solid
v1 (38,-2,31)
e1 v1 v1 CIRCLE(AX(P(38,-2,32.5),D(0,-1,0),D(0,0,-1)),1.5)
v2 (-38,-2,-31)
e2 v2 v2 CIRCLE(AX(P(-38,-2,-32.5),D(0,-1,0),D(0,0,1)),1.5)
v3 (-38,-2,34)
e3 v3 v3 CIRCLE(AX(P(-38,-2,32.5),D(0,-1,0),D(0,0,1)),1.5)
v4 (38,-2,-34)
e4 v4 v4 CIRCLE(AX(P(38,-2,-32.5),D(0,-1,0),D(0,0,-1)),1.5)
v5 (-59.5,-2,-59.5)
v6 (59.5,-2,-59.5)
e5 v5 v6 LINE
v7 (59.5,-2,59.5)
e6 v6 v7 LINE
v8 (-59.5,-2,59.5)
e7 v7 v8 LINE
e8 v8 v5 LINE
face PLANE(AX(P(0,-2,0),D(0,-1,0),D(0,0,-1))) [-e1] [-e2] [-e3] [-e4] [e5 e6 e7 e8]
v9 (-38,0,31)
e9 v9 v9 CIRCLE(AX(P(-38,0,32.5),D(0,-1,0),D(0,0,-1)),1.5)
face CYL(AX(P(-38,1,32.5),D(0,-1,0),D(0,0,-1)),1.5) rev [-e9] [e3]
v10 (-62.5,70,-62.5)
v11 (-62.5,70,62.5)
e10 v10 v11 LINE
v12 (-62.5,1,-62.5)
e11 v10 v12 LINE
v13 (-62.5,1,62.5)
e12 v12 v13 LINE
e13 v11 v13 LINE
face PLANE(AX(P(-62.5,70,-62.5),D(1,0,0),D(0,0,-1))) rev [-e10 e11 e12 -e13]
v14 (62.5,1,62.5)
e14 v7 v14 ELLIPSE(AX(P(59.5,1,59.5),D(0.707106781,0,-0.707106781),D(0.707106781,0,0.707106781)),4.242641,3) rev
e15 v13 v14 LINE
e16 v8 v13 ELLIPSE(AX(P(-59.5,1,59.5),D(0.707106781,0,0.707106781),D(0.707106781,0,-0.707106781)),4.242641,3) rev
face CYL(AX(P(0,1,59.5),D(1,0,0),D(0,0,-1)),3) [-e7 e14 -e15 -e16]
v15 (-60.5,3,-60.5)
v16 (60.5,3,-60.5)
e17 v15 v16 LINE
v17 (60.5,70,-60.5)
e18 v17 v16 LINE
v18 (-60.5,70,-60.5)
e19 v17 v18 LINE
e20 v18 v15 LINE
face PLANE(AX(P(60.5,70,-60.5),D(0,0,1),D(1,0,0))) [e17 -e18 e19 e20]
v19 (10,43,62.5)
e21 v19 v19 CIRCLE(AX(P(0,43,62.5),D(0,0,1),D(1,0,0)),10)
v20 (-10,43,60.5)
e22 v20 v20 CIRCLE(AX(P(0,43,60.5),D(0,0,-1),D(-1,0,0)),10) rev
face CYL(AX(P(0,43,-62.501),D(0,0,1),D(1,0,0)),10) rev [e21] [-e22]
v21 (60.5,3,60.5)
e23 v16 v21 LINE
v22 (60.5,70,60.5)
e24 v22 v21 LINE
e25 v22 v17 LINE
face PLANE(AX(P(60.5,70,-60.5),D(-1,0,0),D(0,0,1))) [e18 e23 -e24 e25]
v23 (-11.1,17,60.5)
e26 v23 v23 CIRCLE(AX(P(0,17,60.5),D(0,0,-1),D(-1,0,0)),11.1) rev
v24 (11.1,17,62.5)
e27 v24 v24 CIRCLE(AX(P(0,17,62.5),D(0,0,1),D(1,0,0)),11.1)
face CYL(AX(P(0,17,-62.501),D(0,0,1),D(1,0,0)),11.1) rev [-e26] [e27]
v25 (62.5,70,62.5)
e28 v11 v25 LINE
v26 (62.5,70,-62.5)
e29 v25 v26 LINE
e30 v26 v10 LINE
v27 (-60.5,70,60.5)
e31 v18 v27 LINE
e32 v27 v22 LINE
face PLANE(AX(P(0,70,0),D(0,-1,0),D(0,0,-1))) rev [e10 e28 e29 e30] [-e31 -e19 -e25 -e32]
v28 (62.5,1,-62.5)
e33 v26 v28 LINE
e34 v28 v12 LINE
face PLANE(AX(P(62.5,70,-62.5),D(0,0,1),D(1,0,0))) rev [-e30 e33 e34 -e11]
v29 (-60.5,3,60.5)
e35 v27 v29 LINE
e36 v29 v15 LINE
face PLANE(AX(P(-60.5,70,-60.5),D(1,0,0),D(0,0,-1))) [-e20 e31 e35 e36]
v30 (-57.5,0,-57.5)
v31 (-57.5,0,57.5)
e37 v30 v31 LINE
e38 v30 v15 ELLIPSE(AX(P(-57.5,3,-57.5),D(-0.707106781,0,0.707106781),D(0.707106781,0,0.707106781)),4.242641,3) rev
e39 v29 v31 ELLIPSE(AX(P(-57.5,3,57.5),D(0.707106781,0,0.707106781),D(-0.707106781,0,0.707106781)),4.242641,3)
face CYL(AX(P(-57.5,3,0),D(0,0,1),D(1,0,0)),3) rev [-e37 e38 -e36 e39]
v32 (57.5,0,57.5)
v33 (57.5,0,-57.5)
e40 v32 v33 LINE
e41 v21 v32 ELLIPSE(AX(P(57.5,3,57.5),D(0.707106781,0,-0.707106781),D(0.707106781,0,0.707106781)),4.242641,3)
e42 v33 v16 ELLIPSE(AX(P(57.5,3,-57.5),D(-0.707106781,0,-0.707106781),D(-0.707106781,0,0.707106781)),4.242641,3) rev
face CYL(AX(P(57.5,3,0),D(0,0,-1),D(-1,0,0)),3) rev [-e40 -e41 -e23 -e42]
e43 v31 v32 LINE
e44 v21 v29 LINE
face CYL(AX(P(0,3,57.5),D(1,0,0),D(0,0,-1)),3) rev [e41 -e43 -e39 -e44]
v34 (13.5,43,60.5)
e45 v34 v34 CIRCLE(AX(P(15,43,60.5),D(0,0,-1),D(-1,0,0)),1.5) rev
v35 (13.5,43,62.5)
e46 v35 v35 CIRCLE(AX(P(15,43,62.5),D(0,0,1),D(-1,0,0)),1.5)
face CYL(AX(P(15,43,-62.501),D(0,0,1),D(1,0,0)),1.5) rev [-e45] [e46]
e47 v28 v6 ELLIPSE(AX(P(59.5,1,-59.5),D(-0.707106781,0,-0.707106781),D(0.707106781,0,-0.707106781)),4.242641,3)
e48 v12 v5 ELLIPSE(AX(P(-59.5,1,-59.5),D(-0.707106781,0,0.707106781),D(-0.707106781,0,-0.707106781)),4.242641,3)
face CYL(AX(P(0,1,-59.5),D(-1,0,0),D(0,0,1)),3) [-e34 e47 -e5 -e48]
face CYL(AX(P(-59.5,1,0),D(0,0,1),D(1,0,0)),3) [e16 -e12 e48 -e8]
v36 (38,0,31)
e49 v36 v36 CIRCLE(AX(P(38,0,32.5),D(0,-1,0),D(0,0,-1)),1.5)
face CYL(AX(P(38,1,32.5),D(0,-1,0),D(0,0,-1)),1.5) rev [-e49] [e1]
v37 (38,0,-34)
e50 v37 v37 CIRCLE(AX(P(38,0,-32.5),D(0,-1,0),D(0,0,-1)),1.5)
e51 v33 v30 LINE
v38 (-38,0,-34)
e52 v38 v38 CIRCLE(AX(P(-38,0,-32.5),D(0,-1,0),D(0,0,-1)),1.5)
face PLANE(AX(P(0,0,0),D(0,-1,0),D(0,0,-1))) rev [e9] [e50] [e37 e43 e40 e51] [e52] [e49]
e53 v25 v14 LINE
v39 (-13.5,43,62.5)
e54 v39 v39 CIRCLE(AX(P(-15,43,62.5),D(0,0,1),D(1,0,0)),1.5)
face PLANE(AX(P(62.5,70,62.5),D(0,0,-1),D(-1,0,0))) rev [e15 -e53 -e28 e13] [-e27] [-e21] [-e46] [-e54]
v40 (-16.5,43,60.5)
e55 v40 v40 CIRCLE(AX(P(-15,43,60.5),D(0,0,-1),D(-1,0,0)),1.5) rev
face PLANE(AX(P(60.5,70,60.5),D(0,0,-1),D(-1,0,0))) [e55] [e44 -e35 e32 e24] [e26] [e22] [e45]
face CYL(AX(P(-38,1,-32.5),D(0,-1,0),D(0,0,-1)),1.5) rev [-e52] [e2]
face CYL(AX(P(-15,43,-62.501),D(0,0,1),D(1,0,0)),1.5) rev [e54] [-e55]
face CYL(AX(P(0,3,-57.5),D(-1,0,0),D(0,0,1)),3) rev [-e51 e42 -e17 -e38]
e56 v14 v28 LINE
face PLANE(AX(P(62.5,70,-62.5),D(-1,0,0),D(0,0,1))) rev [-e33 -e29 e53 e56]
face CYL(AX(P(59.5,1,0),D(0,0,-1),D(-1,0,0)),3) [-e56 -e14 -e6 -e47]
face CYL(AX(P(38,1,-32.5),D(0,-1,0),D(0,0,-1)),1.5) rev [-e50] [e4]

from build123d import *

# Parameters (mm, degrees)
SKETCH1_W           = 125
SKETCH1_H           = 125
SKETCH1_W_2         = 121
SKETCH1_H_2         = 121
BOSS_EXTRUDE1_DEPTH = 70
SKETCH2_W           = 125
SKETCH2_H           = 125
BOSS_EXTRUDE2_DEPTH = 2
SKETCH3_R           = 1.5
CUT_EXTRUDE1_DEPTH  = 3
FILLET2_R           = 3
FILLET3_R           = 3
CUT_EXTRUDE2_REACH  = 158.305
SKETCH4_R           = 11.1
SKETCH4_R_2         = 10
CUT_EXTRUDE3_REACH  = 158.305
SKETCH5_R           = 1.5


with BuildPart() as part:
    # Sketch1 → Boss-Extrude1 (new body)
    with BuildSketch(Plane(origin=(0, 0, 0), x_dir=(1, 0, 0), z_dir=(0, 1, 0))):
        Rectangle(SKETCH1_W, SKETCH1_H)
        Rectangle(SKETCH1_W_2, SKETCH1_H_2, mode=Mode.SUBTRACT)
    extrude(amount=BOSS_EXTRUDE1_DEPTH)

    # Sketch2 → Boss-Extrude2 (add)
    with BuildSketch(Plane.XZ):
        Rectangle(SKETCH2_W, SKETCH2_H)
    extrude(amount=BOSS_EXTRUDE2_DEPTH)

    # Sketch3 → Cut-Extrude1 (cut)
    with BuildSketch(Plane.XZ.offset(2)):
        with Locations(Location((38, -32.5, 0), (0, 0, 270))):
            Circle(SKETCH3_R)
        with Locations(Location((-38, -32.5, 0), (0, 0, 270))):
            Circle(SKETCH3_R)
        with Locations(Location((38, 32.5, 0), (0, 0, 270))):
            Circle(SKETCH3_R)
        with Locations(Location((-38, 32.5, 0), (0, 0, 270))):
            Circle(SKETCH3_R)
    extrude(amount=-CUT_EXTRUDE1_DEPTH, mode=Mode.SUBTRACT)

    # Fillet2
    fillet2_edges = [part.edges().sort_by_distance(p)[0] for p in [
        (-62.5, -2, 0),
        (0, -2, -62.5),
        (62.5, -2, 0),
        (0, -2, 62.5),
    ]]
    fillet(fillet2_edges, radius=FILLET2_R)

    # Fillet3
    fillet3_edges = [part.edges().sort_by_distance(p)[0] for p in [
        (-60.5, 0, 0),
        (0, 0, 60.5),
        (60.5, 0, 0),
        (0, 0, -60.5),
    ]]
    fillet(fillet3_edges, radius=FILLET3_R)

    # Sketch4 → Cut-Extrude2 (cut, up to next)
    with BuildSketch(Plane.XY.offset(62.5), mode=Mode.PRIVATE) as cut_extrude2_sk1:
        with Locations((0, 17)):
            Circle(SKETCH4_R)
    cut_extrude2_tool1 = extrude(cut_extrude2_sk1.sketch, amount=-CUT_EXTRUDE2_REACH, mode=Mode.PRIVATE) & part.part
    # Sketch4 → Cut-Extrude2 (cut, up to next)
    with BuildSketch(Plane.XY.offset(62.5), mode=Mode.PRIVATE) as cut_extrude2_sk2:
        with Locations((0, 43)):
            Circle(SKETCH4_R_2)
    cut_extrude2_tool2 = extrude(cut_extrude2_sk2.sketch, amount=-CUT_EXTRUDE2_REACH, mode=Mode.PRIVATE) & part.part
    add(cut_extrude2_tool1.solids().sort_by_distance((0, 17, 62.5))[0], mode=Mode.SUBTRACT)
    add(cut_extrude2_tool2.solids().sort_by_distance((0, 43, 62.5))[0], mode=Mode.SUBTRACT)

    # Sketch5 → Cut-Extrude3 (cut, up to next)
    with BuildSketch(Plane.XY.offset(62.5), mode=Mode.PRIVATE) as cut_extrude3_sk1:
        with Locations((-15, 43)):
            Circle(SKETCH5_R)
    cut_extrude3_tool1 = extrude(cut_extrude3_sk1.sketch, amount=-CUT_EXTRUDE3_REACH, mode=Mode.PRIVATE) & part.part
    # Sketch5 → Cut-Extrude3 (cut, up to next)
    with BuildSketch(Plane.XY.offset(62.5), mode=Mode.PRIVATE) as cut_extrude3_sk2:
        with Locations(Location((15, 43, 0), (0, 0, 180))):
            Circle(SKETCH5_R)
    cut_extrude3_tool2 = extrude(cut_extrude3_sk2.sketch, amount=-CUT_EXTRUDE3_REACH, mode=Mode.PRIVATE) & part.part
    add(cut_extrude3_tool1.solids().sort_by_distance((-15, 43, 62.5))[0], mode=Mode.SUBTRACT)
    add(cut_extrude3_tool2.solids().sort_by_distance((15, 43, 62.5))[0], mode=Mode.SUBTRACT)


solid = part.part
